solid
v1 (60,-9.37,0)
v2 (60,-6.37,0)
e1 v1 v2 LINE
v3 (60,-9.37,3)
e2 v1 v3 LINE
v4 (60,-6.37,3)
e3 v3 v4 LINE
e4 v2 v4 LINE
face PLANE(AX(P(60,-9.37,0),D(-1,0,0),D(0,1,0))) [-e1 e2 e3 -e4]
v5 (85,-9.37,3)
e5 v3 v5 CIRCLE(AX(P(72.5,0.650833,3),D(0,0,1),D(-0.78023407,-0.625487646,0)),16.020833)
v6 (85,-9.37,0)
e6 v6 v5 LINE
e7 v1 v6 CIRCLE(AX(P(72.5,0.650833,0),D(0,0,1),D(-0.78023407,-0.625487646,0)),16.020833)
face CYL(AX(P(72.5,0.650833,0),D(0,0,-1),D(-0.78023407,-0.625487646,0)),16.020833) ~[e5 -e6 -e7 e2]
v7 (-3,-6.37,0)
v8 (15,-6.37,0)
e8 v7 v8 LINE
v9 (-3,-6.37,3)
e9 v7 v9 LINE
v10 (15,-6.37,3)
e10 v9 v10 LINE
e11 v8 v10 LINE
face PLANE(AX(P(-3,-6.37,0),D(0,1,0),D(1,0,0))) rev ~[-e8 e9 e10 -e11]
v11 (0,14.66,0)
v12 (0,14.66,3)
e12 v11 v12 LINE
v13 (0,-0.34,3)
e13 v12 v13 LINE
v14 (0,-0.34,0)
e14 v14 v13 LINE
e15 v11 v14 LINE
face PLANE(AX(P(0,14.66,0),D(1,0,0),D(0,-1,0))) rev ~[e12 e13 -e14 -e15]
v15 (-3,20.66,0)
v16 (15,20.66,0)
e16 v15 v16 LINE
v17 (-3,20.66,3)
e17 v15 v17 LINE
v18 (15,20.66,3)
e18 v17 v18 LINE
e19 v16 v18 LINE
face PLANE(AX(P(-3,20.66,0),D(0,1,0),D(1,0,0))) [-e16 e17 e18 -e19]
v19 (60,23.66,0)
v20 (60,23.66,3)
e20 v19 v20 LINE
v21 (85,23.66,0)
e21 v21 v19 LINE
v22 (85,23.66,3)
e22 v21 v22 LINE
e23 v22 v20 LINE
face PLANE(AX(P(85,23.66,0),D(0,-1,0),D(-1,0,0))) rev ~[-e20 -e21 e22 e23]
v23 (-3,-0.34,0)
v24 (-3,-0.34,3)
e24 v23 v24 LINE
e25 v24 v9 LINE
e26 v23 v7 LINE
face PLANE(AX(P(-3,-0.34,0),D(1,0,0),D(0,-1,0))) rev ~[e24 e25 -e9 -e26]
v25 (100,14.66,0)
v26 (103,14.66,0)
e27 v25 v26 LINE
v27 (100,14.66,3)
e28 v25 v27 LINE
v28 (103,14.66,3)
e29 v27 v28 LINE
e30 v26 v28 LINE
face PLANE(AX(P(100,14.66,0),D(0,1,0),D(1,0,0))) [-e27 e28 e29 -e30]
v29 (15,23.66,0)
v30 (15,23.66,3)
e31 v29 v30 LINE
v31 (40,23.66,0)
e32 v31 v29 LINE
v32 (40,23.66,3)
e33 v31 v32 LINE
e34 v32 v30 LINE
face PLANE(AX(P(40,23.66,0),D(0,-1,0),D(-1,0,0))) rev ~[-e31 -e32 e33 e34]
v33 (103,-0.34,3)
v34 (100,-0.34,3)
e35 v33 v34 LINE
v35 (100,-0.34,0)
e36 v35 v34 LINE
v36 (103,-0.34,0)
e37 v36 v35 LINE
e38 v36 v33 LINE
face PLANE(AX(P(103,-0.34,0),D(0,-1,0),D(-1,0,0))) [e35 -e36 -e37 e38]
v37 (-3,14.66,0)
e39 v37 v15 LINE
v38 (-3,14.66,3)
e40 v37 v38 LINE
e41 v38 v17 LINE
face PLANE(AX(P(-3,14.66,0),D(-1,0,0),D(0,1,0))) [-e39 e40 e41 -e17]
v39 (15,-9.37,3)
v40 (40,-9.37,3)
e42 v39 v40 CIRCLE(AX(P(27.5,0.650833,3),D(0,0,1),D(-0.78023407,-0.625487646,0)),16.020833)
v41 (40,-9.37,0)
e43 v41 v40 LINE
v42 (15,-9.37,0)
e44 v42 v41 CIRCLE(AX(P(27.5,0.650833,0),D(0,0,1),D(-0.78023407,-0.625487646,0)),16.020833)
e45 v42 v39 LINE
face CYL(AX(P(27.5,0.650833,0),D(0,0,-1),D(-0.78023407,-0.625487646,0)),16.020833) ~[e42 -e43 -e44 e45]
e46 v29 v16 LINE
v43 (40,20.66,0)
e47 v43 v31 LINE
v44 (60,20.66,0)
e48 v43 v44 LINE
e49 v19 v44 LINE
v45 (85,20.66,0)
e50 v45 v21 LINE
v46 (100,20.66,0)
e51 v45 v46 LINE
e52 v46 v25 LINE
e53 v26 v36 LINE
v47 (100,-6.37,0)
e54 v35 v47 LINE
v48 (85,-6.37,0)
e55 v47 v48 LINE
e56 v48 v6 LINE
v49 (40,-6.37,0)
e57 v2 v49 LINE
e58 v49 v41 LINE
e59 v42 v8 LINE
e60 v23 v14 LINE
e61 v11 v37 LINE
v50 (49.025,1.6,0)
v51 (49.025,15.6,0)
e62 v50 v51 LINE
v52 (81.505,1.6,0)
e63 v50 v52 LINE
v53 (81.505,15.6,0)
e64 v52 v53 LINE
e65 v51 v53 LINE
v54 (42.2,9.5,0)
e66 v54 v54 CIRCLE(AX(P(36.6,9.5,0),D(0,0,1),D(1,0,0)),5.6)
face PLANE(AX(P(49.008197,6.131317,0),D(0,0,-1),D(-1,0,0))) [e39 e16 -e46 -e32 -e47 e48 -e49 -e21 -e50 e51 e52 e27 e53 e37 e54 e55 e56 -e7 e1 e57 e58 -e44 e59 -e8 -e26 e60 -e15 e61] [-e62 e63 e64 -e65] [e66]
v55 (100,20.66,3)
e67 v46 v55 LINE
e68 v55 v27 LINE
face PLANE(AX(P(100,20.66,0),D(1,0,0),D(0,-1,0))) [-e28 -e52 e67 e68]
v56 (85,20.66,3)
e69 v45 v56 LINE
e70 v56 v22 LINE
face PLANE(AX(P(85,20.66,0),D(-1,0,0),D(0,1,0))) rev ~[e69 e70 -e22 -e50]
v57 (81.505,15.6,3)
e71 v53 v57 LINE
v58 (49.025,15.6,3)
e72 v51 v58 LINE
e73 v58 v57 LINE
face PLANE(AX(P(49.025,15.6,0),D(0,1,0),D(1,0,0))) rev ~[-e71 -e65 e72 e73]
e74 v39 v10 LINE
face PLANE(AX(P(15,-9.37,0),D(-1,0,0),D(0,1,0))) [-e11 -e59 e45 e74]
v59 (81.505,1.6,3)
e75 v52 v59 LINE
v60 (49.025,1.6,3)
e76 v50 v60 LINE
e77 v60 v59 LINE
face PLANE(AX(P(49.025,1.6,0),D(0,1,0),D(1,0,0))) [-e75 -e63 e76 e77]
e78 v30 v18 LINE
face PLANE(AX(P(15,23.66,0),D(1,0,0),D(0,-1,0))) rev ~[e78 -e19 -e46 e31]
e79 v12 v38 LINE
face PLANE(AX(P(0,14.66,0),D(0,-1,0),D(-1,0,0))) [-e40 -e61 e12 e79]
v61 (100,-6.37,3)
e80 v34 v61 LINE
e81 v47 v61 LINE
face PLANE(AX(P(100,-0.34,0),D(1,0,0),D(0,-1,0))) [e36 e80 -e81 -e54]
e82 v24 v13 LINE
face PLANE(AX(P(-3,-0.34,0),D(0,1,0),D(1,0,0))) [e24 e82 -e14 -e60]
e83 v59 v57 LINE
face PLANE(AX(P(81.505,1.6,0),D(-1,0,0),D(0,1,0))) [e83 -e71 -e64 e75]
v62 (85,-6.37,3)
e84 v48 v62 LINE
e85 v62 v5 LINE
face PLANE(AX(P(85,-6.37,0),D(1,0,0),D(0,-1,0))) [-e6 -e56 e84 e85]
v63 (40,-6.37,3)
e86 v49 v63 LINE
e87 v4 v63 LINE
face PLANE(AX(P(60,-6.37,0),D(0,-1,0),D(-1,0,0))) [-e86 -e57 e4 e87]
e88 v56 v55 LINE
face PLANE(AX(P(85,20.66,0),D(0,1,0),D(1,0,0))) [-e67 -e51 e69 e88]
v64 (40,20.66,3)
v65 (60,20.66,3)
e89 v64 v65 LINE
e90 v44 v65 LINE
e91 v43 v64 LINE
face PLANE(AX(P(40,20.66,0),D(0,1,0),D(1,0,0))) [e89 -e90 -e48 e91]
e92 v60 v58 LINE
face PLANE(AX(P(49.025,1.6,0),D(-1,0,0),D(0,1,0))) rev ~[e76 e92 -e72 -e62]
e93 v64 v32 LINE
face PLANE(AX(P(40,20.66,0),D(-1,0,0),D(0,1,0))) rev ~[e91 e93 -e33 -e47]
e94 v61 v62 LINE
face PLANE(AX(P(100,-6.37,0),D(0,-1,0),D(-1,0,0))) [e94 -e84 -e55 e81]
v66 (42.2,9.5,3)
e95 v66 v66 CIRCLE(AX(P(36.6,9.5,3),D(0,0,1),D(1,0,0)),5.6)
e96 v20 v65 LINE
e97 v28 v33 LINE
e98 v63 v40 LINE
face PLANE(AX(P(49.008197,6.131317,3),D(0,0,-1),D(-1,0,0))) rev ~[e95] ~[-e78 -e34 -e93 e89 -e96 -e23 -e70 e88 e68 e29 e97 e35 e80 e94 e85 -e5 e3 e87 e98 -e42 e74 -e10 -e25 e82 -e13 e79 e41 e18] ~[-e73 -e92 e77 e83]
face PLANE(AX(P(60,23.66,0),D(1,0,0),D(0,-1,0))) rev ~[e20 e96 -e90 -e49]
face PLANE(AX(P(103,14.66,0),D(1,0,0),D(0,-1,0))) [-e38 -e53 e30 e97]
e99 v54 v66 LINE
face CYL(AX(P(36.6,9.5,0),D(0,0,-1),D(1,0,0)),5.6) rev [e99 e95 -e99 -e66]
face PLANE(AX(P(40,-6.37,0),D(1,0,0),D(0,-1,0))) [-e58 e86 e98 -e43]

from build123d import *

# Parameters (mm, degrees)
SKETCH_R      = 5.6
SKETCH_W      = 32.48
SKETCH_H      = 14
EXTRUDE_DEPTH = 3


with BuildPart() as part:
    # Sketch → Extrude (new body)
    with BuildSketch(Plane.XY):
        with BuildLine():
            Line((40, -6.37), (40, -9.37))
            ThreePointArc((15, -9.37), (27.5, -15.37), (40, -9.37))
            Line((15, -9.37), (15, -6.37))
            Line((15, -6.37), (0, -6.37))
            Line((-3, -6.37), (0, -6.37))
            Line((-3, -0.34), (-3, -6.37))
            Line((-3, -0.34), (0, -0.34))
            Line((0, 14.66), (0, -0.34))
            Line((0, 14.66), (-3, 14.66))
            Line((-3, 14.66), (-3, 20.66))
            Line((-3, 20.66), (0, 20.66))
            Line((0, 20.66), (15, 20.66))
            Line((15, 23.66), (15, 20.66))
            Line((40, 23.66), (15, 23.66))
            Line((40, 20.66), (40, 23.66))
            Line((40, 20.66), (60, 20.66))
            Line((60, 23.66), (60, 20.66))
            Line((85, 23.66), (60, 23.66))
            Line((85, 20.66), (85, 23.66))
            Line((85, 20.66), (100, 20.66))
            Line((100, 20.66), (100, 14.66))
            Line((100, 14.66), (103, 14.66))
            Line((103, 14.66), (103, -0.34))
            Line((103, -0.34), (100, -0.34))
            Line((100, -0.34), (100, -6.37))
            Line((100, -6.37), (85, -6.37))
            Line((85, -6.37), (85, -9.37))
            ThreePointArc((60, -9.37), (72.5, -15.37), (85, -9.37))
            Line((60, -9.37), (60, -6.37))
            Line((60, -6.37), (40, -6.37))
        make_face()
        with Locations((36.6, 9.5)):
            Circle(SKETCH_R, mode=Mode.SUBTRACT)
        with Locations((65.265, 8.6)):
            Rectangle(SKETCH_W, SKETCH_H, mode=Mode.SUBTRACT)
    extrude(amount=EXTRUDE_DEPTH)


solid = part.part
